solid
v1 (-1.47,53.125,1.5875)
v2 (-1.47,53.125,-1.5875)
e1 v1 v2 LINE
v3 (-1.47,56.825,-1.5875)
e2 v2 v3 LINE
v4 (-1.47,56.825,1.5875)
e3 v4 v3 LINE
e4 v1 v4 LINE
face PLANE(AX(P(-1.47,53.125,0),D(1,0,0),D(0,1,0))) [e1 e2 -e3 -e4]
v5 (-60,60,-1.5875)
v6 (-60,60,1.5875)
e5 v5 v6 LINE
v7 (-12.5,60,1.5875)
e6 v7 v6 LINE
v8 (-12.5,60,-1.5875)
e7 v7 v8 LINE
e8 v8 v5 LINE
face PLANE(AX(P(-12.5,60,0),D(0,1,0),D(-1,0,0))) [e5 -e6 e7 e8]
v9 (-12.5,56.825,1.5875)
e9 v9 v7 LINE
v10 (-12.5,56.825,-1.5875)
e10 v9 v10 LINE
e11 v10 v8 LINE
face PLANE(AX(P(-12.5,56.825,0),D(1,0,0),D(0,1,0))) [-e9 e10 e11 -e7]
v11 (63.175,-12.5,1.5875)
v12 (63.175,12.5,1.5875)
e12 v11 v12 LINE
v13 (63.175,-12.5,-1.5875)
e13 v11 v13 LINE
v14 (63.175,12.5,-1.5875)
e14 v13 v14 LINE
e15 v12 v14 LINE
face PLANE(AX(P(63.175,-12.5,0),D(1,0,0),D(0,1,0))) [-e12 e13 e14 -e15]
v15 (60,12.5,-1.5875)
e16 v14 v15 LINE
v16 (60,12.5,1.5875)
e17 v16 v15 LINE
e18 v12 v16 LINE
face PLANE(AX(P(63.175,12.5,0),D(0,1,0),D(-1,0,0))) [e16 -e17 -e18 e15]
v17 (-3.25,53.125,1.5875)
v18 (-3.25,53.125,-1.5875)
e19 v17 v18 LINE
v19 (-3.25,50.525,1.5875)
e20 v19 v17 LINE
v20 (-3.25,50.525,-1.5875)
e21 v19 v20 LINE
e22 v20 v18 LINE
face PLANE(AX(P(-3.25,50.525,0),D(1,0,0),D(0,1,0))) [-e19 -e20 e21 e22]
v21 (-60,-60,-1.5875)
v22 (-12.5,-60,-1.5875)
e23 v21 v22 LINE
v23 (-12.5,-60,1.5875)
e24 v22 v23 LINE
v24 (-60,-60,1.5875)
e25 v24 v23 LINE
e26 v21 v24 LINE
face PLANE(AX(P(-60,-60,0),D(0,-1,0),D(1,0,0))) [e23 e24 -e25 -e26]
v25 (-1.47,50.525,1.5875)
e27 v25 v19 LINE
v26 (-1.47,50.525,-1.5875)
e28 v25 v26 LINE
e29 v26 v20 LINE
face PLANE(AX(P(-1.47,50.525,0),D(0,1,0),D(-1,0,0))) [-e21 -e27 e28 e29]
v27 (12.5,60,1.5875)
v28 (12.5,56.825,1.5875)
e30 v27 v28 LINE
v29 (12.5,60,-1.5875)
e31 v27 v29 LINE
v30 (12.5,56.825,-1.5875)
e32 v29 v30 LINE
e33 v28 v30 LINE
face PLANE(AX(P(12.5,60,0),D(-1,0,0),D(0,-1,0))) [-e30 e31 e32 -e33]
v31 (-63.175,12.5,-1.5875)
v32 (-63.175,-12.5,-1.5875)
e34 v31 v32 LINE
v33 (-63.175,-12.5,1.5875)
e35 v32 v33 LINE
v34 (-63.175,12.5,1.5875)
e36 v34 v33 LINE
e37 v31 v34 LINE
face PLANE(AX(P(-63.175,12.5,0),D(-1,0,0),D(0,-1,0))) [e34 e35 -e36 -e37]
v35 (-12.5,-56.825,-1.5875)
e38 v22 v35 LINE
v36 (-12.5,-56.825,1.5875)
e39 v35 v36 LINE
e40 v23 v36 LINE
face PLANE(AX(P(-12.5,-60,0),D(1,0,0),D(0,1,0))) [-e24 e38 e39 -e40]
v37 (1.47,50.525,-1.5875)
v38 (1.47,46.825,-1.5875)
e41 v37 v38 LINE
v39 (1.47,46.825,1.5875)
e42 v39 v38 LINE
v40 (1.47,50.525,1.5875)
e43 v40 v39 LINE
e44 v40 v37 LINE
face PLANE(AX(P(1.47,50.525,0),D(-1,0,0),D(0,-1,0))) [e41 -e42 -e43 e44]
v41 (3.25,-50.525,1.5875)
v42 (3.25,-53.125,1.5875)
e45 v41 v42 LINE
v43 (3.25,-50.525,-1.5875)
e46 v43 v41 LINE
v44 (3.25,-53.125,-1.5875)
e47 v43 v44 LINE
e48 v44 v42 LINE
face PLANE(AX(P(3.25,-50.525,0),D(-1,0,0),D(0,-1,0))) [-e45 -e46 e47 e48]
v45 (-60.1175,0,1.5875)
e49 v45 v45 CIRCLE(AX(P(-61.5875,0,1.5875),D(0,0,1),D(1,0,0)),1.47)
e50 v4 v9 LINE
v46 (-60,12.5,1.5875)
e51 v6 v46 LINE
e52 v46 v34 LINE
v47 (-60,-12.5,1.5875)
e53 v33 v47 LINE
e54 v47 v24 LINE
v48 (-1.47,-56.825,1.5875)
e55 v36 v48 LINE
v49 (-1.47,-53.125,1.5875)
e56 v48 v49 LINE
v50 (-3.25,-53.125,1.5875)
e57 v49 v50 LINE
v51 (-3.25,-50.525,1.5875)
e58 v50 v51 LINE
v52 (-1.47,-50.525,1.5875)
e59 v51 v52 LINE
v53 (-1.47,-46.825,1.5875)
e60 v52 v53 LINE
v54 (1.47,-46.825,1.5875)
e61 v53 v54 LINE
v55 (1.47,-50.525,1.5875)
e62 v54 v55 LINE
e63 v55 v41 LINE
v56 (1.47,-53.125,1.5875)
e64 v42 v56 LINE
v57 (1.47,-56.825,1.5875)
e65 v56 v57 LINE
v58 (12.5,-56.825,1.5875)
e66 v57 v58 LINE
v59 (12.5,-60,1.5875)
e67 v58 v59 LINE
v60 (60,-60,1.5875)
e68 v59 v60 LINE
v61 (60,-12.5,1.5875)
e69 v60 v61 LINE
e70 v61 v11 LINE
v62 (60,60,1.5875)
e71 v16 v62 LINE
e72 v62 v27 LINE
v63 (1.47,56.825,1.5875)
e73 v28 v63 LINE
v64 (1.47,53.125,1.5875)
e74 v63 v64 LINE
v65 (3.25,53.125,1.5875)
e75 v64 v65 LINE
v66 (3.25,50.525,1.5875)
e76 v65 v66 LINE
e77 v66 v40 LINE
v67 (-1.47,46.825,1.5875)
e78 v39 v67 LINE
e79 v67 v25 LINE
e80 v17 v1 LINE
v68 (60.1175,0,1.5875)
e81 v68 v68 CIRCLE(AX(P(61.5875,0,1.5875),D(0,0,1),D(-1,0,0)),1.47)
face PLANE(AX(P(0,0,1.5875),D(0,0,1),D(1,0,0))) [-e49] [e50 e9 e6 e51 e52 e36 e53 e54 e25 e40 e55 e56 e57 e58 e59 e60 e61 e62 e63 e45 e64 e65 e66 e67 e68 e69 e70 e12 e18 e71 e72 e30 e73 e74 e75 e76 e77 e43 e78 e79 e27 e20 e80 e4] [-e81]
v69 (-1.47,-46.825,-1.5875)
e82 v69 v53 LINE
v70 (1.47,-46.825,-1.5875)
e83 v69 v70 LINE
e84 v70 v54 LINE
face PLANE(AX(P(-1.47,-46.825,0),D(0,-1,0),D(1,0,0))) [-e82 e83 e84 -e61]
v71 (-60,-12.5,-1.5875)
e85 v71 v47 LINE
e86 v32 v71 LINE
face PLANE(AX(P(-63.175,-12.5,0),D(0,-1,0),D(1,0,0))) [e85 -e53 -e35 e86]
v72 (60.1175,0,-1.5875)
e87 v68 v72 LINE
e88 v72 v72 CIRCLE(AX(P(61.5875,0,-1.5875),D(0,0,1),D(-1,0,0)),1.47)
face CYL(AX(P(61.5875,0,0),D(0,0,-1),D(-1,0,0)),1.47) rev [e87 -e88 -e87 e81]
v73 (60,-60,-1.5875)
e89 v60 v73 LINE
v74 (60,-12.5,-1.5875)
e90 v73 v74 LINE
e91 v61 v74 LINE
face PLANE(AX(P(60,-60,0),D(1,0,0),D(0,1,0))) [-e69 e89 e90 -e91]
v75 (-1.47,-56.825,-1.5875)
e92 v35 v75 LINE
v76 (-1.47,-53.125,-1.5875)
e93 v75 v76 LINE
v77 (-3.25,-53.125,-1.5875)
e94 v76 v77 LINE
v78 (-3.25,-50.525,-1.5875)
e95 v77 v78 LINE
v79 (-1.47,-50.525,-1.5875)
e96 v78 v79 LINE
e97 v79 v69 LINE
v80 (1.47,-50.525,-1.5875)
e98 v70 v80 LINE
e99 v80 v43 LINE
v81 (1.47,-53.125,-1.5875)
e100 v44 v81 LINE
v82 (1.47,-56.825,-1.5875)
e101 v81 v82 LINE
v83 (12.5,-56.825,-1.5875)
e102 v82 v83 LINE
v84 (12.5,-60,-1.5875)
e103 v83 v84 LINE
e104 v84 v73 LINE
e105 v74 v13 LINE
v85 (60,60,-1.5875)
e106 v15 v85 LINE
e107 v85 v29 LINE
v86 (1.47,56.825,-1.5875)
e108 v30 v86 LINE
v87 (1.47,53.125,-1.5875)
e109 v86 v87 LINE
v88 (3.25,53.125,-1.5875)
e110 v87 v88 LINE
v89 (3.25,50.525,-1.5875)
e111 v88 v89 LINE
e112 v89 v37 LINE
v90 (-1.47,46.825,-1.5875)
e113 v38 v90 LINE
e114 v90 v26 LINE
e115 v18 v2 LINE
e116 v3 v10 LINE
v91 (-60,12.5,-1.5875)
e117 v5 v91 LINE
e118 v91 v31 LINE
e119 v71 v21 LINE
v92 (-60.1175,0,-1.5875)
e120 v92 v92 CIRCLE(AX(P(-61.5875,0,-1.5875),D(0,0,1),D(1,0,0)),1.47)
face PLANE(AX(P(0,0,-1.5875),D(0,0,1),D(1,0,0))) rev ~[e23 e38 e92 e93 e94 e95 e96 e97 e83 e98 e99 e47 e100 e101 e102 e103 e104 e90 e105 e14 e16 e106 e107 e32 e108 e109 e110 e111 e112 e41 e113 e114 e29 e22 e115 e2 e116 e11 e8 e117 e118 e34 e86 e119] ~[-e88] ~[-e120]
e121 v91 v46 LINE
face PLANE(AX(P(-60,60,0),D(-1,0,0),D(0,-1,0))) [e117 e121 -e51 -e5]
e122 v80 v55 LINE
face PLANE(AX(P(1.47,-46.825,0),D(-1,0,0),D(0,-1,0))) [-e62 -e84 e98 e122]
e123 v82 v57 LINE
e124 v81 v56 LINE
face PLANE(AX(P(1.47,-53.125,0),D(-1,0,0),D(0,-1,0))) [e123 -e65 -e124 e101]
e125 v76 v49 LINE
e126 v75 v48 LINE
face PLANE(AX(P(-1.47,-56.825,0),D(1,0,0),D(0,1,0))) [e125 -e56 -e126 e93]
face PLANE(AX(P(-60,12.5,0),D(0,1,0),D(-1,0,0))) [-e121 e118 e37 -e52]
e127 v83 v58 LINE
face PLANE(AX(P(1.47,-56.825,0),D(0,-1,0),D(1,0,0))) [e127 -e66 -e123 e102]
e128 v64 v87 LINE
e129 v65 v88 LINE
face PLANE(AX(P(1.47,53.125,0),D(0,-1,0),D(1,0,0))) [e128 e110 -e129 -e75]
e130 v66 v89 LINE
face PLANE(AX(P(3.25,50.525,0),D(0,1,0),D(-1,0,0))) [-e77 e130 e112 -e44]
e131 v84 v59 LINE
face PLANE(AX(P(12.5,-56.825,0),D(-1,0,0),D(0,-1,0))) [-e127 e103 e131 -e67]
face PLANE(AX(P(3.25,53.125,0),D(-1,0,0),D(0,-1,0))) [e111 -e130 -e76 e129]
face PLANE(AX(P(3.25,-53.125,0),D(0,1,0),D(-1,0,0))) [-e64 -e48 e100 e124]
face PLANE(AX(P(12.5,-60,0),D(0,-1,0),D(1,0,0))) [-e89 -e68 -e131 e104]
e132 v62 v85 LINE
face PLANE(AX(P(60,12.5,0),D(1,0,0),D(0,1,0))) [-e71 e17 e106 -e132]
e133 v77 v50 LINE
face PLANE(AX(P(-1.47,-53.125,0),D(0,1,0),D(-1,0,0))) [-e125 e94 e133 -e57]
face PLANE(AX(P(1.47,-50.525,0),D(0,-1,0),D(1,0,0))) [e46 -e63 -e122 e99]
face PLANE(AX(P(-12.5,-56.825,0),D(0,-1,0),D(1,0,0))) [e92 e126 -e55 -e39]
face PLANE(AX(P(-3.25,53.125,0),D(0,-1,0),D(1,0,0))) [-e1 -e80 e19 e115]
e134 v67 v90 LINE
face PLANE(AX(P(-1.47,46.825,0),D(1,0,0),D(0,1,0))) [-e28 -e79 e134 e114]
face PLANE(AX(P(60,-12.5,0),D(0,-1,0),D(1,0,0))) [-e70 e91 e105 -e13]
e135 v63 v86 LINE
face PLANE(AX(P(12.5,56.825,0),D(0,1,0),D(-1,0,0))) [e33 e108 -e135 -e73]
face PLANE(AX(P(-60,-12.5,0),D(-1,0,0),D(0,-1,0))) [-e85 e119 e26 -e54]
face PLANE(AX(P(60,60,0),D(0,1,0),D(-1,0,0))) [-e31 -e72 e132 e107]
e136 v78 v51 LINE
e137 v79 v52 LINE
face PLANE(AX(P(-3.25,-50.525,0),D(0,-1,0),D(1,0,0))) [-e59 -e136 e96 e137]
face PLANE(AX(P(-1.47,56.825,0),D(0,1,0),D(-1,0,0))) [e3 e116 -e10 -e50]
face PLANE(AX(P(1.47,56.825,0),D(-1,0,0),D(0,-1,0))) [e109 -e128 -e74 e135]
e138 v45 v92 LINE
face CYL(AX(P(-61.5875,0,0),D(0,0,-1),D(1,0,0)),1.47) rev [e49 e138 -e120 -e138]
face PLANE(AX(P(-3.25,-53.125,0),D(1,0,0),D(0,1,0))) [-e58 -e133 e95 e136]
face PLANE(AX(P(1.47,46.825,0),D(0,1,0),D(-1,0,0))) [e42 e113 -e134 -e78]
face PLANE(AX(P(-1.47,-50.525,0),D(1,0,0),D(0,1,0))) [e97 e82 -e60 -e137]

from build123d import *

# Parameters (mm, degrees)
SKETCH1_R           = 1.47
BOSS_EXTRUDE1_DEPTH = 1.5875


with BuildPart() as part:
    # Sketch1 → Boss-Extrude1 (new, symmetric)
    with BuildSketch(Plane.XY):
        Polygon((-12.5, 60), (-60, 60), (-60, 12.5), (-63.175, 12.5), (-63.175, -12.5), (-60, -12.5), (-60, -60), (-12.5, -60), (-12.5, -56.825), (-1.47, -56.825), (-1.47, -53.125), (-3.25, -53.125), (-3.25, -50.525), (-1.47, -50.525), (-1.47, -46.825), (1.47, -46.825), (1.47, -50.525), (3.25, -50.525), (3.25, -53.125), (1.47, -53.125), (1.47, -56.825), (12.5, -56.825), (12.5, -60), (60, -60), (60, -12.5), (63.175, -12.5), (63.175, 12.5), (60, 12.5), (60, 60), (12.5, 60), (12.5, 56.825), (1.47, 56.825), (1.47, 53.125), (3.25, 53.125), (3.25, 50.525), (1.47, 50.525), (1.47, 46.825), (-1.47, 46.825), (-1.47, 50.525), (-3.25, 50.525), (-3.25, 53.125), (-1.47, 53.125), (-1.47, 56.825), (-12.5, 56.825), align=None)
        with Locations((-61.5875, 0)):
            Circle(SKETCH1_R, mode=Mode.SUBTRACT)
        with Locations(Location((61.5875, 0, 0), (0, 0, 180))):
            Circle(SKETCH1_R, mode=Mode.SUBTRACT)
    extrude(amount=BOSS_EXTRUDE1_DEPTH, both=True)


solid = part.part
